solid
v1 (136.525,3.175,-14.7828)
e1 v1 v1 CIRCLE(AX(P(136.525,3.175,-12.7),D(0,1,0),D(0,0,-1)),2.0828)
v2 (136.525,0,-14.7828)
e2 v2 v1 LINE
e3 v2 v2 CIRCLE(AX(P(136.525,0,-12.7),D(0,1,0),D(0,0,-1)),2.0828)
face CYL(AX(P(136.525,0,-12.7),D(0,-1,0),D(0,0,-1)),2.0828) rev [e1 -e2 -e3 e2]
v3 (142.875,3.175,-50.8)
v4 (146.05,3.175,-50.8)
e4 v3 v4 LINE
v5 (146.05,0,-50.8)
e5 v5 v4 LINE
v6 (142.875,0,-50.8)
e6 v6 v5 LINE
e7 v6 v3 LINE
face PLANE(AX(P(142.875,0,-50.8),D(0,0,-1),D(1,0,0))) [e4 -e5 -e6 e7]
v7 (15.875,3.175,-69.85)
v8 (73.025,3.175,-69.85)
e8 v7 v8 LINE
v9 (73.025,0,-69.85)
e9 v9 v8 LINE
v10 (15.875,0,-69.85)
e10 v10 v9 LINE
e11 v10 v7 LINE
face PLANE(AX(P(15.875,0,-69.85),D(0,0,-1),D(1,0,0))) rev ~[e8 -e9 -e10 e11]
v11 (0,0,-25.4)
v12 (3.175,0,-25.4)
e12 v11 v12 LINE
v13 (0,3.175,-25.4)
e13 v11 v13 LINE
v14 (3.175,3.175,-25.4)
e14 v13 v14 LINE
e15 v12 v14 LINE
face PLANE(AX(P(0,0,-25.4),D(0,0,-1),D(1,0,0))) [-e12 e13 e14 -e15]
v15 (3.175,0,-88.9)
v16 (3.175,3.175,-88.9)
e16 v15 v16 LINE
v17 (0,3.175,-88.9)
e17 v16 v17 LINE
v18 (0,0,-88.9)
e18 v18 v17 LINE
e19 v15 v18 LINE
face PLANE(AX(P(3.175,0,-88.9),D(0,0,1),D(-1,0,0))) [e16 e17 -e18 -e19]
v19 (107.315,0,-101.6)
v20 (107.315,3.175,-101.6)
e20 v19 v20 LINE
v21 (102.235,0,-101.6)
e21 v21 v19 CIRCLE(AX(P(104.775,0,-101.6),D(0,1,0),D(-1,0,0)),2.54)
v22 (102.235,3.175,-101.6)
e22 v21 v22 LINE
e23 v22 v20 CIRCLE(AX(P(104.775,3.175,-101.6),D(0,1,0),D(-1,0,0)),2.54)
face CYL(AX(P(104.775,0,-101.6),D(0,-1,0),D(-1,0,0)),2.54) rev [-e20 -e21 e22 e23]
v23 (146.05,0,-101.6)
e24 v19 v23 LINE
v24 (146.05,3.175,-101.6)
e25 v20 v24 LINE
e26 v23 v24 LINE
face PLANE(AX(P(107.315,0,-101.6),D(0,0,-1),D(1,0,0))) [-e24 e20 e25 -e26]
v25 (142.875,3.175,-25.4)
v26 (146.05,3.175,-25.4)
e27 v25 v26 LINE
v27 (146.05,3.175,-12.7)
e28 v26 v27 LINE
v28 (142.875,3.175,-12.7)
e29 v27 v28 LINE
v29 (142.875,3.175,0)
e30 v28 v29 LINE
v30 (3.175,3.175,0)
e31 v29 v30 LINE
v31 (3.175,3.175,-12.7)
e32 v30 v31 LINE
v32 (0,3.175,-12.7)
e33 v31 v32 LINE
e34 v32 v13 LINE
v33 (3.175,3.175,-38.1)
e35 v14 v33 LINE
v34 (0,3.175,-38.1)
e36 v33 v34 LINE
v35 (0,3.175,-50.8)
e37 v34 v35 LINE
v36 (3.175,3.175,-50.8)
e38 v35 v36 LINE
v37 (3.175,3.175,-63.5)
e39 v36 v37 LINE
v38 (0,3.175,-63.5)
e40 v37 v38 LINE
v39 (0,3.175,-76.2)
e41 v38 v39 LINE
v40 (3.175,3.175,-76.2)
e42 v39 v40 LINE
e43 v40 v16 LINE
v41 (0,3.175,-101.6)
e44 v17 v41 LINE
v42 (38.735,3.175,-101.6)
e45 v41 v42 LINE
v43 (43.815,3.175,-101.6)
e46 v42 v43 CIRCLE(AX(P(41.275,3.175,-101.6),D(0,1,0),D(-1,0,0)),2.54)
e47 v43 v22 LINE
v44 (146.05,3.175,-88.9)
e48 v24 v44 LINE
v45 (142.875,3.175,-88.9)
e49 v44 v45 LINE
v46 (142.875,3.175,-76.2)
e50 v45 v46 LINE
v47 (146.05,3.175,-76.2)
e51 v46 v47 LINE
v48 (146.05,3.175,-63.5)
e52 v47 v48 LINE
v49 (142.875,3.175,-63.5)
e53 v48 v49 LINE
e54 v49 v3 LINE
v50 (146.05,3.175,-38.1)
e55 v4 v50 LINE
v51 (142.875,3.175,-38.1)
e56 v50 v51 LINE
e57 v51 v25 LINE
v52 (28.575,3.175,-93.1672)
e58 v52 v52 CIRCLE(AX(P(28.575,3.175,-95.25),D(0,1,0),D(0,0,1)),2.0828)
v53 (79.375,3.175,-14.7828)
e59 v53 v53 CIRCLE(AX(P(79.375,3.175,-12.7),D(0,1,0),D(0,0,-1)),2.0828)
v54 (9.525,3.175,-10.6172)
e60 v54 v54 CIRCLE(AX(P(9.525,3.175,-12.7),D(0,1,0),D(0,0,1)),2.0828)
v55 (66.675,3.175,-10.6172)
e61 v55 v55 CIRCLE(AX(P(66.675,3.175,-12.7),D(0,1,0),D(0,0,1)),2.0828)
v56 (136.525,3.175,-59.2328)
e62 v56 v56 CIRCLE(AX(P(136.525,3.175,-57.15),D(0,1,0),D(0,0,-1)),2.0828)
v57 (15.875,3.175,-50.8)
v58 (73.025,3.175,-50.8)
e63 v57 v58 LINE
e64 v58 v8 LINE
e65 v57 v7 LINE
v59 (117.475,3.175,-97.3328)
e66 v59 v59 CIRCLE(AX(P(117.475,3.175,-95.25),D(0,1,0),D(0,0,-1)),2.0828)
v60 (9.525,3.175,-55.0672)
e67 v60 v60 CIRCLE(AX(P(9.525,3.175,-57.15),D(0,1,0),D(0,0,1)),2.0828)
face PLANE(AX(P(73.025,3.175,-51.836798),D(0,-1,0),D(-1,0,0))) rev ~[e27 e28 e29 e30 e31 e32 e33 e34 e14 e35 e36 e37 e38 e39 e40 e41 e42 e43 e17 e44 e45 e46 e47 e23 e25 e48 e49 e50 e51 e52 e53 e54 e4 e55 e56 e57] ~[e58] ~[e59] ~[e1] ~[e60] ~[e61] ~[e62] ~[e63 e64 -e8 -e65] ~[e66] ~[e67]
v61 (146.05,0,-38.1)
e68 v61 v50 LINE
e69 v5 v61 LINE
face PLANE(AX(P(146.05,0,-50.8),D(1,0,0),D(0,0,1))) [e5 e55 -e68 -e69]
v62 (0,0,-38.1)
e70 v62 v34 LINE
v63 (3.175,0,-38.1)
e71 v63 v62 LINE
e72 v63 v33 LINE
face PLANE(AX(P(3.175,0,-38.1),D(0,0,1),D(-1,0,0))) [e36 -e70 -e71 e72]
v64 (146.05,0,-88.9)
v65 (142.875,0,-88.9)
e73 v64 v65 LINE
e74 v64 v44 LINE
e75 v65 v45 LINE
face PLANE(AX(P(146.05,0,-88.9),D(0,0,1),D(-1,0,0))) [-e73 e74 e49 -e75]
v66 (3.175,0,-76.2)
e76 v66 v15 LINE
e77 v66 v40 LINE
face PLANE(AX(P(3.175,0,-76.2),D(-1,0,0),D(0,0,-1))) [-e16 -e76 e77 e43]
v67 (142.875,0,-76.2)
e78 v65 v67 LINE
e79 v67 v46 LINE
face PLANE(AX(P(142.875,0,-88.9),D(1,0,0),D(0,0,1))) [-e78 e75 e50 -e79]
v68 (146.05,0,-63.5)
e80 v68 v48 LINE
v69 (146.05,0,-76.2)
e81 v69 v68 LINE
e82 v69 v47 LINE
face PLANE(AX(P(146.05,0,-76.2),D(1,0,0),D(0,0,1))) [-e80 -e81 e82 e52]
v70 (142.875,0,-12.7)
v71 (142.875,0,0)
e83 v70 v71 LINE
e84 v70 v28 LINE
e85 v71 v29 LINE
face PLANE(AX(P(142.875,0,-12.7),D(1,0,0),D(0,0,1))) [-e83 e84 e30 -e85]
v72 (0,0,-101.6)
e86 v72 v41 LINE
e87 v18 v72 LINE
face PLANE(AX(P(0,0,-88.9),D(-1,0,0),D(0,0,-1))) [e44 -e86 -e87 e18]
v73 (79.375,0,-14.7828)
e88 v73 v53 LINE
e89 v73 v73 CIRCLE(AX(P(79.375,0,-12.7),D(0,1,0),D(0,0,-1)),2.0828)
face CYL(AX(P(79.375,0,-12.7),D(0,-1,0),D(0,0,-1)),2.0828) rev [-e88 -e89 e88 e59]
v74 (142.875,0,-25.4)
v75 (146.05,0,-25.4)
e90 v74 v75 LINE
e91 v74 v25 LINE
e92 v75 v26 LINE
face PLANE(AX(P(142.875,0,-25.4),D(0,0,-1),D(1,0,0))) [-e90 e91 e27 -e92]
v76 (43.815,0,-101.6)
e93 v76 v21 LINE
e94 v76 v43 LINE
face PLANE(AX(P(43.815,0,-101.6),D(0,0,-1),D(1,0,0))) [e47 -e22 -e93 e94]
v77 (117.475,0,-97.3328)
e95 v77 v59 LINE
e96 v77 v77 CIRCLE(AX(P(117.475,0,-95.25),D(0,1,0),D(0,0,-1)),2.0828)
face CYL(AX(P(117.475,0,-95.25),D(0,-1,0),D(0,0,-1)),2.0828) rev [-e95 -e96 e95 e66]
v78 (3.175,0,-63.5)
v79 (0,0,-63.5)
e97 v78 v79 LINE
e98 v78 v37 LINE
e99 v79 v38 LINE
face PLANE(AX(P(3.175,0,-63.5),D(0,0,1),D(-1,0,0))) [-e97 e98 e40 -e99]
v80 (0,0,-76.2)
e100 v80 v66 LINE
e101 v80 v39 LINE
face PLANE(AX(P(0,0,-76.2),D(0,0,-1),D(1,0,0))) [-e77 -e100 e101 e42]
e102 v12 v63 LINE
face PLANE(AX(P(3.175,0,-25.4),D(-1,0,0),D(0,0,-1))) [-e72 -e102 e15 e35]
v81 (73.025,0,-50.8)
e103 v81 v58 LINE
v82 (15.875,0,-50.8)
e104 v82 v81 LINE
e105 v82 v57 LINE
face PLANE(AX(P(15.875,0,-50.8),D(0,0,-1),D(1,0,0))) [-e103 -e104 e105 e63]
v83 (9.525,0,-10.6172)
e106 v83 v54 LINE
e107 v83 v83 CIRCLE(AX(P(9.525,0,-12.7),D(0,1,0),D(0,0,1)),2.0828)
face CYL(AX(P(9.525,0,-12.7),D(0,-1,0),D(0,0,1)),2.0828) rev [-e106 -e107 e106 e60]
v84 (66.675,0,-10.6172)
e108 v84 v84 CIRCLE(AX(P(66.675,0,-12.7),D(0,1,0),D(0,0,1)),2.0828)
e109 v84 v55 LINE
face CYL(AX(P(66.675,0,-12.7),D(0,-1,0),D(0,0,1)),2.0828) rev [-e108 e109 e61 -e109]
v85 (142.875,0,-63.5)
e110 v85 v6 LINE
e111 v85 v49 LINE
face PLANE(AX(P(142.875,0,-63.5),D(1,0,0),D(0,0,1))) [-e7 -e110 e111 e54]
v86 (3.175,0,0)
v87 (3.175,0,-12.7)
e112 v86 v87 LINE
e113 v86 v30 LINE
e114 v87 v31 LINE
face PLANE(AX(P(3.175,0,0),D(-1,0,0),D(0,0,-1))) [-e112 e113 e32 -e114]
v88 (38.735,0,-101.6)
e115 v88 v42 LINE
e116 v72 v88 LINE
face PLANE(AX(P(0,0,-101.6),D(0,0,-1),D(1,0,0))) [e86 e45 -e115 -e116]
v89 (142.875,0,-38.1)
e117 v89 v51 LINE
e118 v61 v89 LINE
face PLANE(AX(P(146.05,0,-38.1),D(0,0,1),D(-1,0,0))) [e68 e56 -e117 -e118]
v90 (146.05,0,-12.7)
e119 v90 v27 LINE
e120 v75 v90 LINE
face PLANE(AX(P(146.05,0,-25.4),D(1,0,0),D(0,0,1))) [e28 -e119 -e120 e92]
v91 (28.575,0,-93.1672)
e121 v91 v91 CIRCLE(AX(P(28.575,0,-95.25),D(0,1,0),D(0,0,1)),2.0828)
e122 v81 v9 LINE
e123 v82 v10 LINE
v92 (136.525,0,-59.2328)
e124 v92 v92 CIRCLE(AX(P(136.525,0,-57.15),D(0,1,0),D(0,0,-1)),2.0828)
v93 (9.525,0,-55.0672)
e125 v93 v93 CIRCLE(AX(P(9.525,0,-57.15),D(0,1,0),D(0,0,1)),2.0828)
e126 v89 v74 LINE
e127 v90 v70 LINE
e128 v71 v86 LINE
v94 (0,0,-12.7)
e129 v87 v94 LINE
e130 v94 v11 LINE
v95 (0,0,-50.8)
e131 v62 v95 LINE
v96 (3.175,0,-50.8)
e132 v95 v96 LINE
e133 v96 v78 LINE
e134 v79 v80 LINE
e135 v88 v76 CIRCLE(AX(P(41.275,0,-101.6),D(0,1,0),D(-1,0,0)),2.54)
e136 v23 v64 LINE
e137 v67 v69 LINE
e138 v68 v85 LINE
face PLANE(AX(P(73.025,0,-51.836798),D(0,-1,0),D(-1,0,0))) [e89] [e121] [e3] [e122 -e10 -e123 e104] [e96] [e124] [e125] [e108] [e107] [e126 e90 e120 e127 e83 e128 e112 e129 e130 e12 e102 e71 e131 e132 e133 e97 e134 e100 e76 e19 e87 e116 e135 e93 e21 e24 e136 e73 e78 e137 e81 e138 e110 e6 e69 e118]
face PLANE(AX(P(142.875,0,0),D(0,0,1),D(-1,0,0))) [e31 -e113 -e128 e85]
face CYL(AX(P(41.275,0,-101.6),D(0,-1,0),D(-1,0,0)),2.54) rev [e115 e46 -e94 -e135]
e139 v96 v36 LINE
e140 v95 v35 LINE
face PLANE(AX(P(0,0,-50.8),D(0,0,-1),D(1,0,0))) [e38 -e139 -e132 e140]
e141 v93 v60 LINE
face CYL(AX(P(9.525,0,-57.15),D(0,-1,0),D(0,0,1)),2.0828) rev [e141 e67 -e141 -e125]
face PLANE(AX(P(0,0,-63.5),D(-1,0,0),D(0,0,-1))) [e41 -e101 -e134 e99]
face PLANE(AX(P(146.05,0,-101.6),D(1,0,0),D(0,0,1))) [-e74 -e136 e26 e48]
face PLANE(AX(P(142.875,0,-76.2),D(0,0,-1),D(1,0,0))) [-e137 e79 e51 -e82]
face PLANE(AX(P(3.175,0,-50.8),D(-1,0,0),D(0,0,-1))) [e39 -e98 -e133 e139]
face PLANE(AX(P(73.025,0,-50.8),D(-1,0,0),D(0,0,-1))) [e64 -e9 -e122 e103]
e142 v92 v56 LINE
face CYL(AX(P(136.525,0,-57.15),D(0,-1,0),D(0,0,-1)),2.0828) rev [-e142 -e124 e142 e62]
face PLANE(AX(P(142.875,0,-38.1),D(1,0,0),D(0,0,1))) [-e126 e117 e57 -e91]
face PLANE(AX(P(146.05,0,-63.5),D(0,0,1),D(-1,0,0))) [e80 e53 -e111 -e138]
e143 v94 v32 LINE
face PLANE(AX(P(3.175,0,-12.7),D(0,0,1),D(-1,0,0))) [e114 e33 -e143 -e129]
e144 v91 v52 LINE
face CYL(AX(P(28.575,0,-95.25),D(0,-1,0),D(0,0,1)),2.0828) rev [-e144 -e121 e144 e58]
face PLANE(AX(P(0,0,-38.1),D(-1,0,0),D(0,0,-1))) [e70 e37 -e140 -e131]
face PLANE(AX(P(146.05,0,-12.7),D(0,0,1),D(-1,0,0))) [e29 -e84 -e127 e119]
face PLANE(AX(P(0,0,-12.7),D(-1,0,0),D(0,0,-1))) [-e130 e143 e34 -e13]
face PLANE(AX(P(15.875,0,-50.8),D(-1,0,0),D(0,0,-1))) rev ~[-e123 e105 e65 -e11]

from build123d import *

# Parameters (mm, degrees)
SKETCH2_R           = 2.0828
SKETCH2_W           = 57.15
SKETCH2_H           = 19.05
BOSS_EXTRUDE1_DEPTH = 3.175


with BuildPart() as part:
    # Sketch2 → Boss-Extrude1 (new body)
    with BuildSketch(Plane(origin=(0, 0, 0), x_dir=(1, 0, 0), z_dir=(0, 1, 0))):
        with BuildLine():
            Line((3.175, 0), (3.175, 12.7))
            Line((3.175, 12.7), (0, 12.7))
            Line((0, 12.7), (0, 25.4))
            Line((0, 25.4), (3.175, 25.4))
            Line((3.175, 25.4), (3.175, 38.1))
            Line((3.175, 38.1), (0, 38.1))
            Line((0, 38.1), (0, 50.8))
            Line((0, 50.8), (3.175, 50.8))
            Line((3.175, 50.8), (3.175, 63.5))
            Line((3.175, 63.5), (0, 63.5))
            Line((0, 63.5), (0, 76.2))
            Line((0, 76.2), (3.175, 76.2))
            Line((3.175, 76.2), (3.175, 88.9))
            Line((3.175, 88.9), (0, 88.9))
            Line((0, 88.9), (0, 101.6))
            Line((0, 101.6), (3.175, 101.6))
            Line((3.175, 101.6), (38.735, 101.6))
            ThreePointArc((38.735, 101.6), (41.275, 99.06), (43.815, 101.6))
            Line((43.815, 101.6), (102.235, 101.6))
            ThreePointArc((102.235, 101.6), (104.775, 99.06), (107.315, 101.6))
            Line((107.315, 101.6), (142.875, 101.6))
            Line((142.875, 101.6), (146.05, 101.6))
            Line((146.05, 101.6), (146.05, 88.9))
            Line((146.05, 88.9), (142.875, 88.9))
            Line((142.875, 88.9), (142.875, 76.2))
            Line((142.875, 76.2), (146.05, 76.2))
            Line((146.05, 76.2), (146.05, 63.5))
            Line((146.05, 63.5), (142.875, 63.5))
            Line((142.875, 63.5), (142.875, 50.8))
            Line((142.875, 50.8), (146.05, 50.8))
            Line((146.05, 50.8), (146.05, 38.1))
            Line((146.05, 38.1), (142.875, 38.1))
            Line((142.875, 38.1), (142.875, 25.4))
            Line((142.875, 25.4), (146.05, 25.4))
            Line((146.05, 25.4), (146.05, 12.7))
            Line((146.05, 12.7), (142.875, 12.7))
            Line((142.875, 12.7), (142.875, 0))
            Line((142.875, 0), (3.175, 0))
        make_face()
        with Locations(Location((136.525, 57.15, 0), (0, 0, 90))):
            Circle(SKETCH2_R, mode=Mode.SUBTRACT)
        with Locations(Location((9.525, 12.7, 0), (0, 0, 270))):
            Circle(SKETCH2_R, mode=Mode.SUBTRACT)
        with Locations(Location((9.525, 57.15, 0), (0, 0, 270))):
            Circle(SKETCH2_R, mode=Mode.SUBTRACT)
        with Locations(Location((136.525, 12.7, 0), (0, 0, 90))):
            Circle(SKETCH2_R, mode=Mode.SUBTRACT)
        with Locations(Location((28.575, 95.25, 0), (0, 0, 270))):
            Circle(SKETCH2_R, mode=Mode.SUBTRACT)
        with Locations(Location((117.475, 95.25, 0), (0, 0, 90))):
            Circle(SKETCH2_R, mode=Mode.SUBTRACT)
        with Locations(Location((66.675, 12.7, 0), (0, 0, 270))):
            Circle(SKETCH2_R, mode=Mode.SUBTRACT)
        with Locations(Location((79.375, 12.7, 0), (0, 0, 90))):
            Circle(SKETCH2_R, mode=Mode.SUBTRACT)
        with Locations((44.45, 60.325)):
            Rectangle(SKETCH2_W, SKETCH2_H, mode=Mode.SUBTRACT)
    extrude(amount=BOSS_EXTRUDE1_DEPTH)


solid = part.part
